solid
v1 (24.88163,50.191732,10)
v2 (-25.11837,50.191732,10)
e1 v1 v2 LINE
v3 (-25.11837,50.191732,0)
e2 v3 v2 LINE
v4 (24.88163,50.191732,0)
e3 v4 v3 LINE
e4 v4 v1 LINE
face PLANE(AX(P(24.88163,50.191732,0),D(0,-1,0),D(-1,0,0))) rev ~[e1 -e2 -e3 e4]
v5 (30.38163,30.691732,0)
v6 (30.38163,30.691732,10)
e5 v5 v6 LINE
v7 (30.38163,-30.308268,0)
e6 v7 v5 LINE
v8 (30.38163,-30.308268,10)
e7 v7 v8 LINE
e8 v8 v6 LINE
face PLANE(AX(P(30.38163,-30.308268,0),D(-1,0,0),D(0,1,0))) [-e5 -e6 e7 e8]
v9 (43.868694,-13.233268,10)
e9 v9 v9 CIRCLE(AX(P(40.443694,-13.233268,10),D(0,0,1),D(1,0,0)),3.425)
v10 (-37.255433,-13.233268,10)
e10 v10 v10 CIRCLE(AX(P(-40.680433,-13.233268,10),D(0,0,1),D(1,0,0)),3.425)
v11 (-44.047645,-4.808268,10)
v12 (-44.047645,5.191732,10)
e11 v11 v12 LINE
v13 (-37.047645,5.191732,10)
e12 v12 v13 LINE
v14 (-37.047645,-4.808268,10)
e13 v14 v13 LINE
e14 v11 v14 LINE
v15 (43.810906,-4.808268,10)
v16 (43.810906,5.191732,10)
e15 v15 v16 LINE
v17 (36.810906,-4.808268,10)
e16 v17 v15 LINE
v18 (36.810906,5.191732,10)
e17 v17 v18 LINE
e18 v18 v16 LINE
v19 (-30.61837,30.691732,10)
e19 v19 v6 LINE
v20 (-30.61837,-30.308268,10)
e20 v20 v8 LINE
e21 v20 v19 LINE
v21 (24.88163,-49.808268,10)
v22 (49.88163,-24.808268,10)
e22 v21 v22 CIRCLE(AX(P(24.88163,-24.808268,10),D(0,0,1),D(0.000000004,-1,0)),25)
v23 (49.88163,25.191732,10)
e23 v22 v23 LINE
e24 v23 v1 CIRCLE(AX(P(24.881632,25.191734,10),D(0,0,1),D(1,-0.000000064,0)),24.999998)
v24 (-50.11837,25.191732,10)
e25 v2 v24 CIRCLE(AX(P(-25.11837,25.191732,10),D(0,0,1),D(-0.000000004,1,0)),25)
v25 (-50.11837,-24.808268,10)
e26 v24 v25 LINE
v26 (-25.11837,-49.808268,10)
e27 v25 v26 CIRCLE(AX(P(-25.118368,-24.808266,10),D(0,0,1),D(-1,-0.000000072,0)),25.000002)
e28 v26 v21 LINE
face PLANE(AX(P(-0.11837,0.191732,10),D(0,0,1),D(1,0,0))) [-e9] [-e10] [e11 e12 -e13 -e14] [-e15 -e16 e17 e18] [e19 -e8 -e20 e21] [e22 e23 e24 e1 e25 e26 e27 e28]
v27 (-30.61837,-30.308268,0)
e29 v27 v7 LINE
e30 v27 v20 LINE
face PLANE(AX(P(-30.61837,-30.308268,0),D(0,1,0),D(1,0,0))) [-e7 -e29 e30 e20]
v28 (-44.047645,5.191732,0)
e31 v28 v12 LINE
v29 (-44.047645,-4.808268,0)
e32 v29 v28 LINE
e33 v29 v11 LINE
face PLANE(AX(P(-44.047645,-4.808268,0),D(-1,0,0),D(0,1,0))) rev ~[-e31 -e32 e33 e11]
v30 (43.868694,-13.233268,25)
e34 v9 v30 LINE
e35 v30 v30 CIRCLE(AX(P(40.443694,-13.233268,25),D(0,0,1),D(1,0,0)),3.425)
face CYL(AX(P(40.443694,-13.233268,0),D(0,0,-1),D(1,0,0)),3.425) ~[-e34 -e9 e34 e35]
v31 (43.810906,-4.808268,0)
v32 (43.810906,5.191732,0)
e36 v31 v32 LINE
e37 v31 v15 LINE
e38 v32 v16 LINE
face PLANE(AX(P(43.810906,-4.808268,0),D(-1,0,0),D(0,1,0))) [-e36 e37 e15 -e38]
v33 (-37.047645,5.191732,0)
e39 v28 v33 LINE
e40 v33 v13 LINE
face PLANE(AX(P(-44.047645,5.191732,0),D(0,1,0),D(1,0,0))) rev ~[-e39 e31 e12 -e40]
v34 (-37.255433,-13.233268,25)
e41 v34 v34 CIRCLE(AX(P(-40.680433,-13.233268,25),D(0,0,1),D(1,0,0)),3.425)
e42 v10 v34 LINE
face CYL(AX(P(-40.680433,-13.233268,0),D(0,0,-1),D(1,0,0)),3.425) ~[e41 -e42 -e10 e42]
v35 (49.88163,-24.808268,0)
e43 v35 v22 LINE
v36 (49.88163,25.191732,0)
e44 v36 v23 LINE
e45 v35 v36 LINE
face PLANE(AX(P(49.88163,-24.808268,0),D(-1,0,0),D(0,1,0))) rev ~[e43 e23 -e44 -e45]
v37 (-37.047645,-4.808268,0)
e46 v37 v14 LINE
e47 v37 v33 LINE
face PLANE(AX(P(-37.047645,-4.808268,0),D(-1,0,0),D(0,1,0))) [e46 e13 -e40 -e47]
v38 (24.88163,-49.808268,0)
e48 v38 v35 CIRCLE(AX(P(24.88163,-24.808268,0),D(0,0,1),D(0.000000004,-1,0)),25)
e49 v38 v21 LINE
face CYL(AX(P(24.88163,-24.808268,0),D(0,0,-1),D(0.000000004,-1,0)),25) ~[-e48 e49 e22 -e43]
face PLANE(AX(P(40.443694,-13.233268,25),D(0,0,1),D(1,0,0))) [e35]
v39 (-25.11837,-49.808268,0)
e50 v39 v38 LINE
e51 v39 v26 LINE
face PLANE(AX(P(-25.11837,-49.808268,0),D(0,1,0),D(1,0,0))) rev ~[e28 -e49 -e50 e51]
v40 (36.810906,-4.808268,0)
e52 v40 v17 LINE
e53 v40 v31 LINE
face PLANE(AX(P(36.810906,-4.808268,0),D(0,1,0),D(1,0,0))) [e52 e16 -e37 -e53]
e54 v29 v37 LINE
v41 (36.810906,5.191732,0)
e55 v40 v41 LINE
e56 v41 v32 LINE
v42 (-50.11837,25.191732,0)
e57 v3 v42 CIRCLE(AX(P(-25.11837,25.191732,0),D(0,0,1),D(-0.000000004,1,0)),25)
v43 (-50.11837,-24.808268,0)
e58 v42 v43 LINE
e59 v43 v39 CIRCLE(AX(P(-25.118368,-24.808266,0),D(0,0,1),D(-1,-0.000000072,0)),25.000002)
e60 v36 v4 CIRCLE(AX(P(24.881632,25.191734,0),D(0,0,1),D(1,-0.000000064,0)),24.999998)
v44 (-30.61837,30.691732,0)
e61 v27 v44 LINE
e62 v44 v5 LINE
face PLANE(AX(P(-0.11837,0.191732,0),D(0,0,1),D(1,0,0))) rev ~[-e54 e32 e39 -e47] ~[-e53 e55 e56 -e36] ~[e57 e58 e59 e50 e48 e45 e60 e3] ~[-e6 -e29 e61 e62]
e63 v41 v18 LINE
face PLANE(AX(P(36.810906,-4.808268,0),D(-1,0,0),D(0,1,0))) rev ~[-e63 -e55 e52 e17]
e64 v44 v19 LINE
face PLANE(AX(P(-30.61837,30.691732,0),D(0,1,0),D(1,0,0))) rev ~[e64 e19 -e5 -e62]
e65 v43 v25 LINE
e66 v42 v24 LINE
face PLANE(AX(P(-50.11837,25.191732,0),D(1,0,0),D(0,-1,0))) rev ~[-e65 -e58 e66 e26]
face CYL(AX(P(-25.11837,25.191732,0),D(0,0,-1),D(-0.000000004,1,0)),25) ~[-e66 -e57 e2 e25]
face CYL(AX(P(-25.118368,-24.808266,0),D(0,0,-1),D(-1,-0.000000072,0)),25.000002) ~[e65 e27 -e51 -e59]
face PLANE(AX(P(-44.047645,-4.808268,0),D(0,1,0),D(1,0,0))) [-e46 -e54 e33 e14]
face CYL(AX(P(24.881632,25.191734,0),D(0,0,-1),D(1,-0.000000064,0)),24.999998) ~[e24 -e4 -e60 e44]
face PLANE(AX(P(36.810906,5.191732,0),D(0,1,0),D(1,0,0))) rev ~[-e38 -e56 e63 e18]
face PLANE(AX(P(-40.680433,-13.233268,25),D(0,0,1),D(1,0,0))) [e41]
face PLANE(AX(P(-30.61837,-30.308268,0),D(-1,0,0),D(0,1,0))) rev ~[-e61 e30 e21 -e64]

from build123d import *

# Parameters (mm, degrees)
F0_R     = 3.425
F0_W     = 7
F0_H     = 10
F0_W_2   = 61
F0_H_2   = 61
F1_DEPTH = 10
F2_DEPTH = 25


with BuildPart() as f1:
    # F0 (on Top) → F1 (new body)
    with BuildSketch(Plane.XY):
        with BuildLine():
            Line((-25.11837, -49.808268), (24.88163, -49.808268))
            ThreePointArc((24.88163, -49.808268), (42.5593, -42.485937), (49.88163, -24.808268))
            Line((49.88163, -24.808268), (49.88163, 25.191732))
            ThreePointArc((49.88163, 25.191732), (42.5593, 42.869402), (24.88163, 50.191732))
            Line((24.88163, 50.191732), (-25.11837, 50.191732))
            ThreePointArc((-25.11837, 50.191732), (-42.796039, 42.869402), (-50.11837, 25.191732))
            Line((-50.11837, 25.191732), (-50.11837, -24.808268))
            ThreePointArc((-50.11837, -24.808268), (-42.796039, -42.485937), (-25.11837, -49.808268))
        make_face()
        with Locations((-40.680433, -13.233268)):
            Circle(F0_R, mode=Mode.SUBTRACT)
        with Locations((40.443694, -13.233268)):
            Circle(F0_R, mode=Mode.SUBTRACT)
        with Locations((-40.547645, 0.191732)):
            Rectangle(F0_W, F0_H, mode=Mode.SUBTRACT)
        with Locations((-0.11837, 0.191732)):
            Rectangle(F0_W_2, F0_H_2, mode=Mode.SUBTRACT)
        with Locations((40.310906, 0.191732)):
            Rectangle(F0_W, F0_H, mode=Mode.SUBTRACT)
    extrude(amount=F1_DEPTH)

    # F0 (on Top) → F2 (join)
    with BuildSketch(Plane.XY):
        with Locations((-40.680433, -13.233268)):
            Circle(F0_R)
        with Locations((40.443694, -13.233268)):
            Circle(F0_R)
    extrude(amount=F2_DEPTH)


solid = f1.part
